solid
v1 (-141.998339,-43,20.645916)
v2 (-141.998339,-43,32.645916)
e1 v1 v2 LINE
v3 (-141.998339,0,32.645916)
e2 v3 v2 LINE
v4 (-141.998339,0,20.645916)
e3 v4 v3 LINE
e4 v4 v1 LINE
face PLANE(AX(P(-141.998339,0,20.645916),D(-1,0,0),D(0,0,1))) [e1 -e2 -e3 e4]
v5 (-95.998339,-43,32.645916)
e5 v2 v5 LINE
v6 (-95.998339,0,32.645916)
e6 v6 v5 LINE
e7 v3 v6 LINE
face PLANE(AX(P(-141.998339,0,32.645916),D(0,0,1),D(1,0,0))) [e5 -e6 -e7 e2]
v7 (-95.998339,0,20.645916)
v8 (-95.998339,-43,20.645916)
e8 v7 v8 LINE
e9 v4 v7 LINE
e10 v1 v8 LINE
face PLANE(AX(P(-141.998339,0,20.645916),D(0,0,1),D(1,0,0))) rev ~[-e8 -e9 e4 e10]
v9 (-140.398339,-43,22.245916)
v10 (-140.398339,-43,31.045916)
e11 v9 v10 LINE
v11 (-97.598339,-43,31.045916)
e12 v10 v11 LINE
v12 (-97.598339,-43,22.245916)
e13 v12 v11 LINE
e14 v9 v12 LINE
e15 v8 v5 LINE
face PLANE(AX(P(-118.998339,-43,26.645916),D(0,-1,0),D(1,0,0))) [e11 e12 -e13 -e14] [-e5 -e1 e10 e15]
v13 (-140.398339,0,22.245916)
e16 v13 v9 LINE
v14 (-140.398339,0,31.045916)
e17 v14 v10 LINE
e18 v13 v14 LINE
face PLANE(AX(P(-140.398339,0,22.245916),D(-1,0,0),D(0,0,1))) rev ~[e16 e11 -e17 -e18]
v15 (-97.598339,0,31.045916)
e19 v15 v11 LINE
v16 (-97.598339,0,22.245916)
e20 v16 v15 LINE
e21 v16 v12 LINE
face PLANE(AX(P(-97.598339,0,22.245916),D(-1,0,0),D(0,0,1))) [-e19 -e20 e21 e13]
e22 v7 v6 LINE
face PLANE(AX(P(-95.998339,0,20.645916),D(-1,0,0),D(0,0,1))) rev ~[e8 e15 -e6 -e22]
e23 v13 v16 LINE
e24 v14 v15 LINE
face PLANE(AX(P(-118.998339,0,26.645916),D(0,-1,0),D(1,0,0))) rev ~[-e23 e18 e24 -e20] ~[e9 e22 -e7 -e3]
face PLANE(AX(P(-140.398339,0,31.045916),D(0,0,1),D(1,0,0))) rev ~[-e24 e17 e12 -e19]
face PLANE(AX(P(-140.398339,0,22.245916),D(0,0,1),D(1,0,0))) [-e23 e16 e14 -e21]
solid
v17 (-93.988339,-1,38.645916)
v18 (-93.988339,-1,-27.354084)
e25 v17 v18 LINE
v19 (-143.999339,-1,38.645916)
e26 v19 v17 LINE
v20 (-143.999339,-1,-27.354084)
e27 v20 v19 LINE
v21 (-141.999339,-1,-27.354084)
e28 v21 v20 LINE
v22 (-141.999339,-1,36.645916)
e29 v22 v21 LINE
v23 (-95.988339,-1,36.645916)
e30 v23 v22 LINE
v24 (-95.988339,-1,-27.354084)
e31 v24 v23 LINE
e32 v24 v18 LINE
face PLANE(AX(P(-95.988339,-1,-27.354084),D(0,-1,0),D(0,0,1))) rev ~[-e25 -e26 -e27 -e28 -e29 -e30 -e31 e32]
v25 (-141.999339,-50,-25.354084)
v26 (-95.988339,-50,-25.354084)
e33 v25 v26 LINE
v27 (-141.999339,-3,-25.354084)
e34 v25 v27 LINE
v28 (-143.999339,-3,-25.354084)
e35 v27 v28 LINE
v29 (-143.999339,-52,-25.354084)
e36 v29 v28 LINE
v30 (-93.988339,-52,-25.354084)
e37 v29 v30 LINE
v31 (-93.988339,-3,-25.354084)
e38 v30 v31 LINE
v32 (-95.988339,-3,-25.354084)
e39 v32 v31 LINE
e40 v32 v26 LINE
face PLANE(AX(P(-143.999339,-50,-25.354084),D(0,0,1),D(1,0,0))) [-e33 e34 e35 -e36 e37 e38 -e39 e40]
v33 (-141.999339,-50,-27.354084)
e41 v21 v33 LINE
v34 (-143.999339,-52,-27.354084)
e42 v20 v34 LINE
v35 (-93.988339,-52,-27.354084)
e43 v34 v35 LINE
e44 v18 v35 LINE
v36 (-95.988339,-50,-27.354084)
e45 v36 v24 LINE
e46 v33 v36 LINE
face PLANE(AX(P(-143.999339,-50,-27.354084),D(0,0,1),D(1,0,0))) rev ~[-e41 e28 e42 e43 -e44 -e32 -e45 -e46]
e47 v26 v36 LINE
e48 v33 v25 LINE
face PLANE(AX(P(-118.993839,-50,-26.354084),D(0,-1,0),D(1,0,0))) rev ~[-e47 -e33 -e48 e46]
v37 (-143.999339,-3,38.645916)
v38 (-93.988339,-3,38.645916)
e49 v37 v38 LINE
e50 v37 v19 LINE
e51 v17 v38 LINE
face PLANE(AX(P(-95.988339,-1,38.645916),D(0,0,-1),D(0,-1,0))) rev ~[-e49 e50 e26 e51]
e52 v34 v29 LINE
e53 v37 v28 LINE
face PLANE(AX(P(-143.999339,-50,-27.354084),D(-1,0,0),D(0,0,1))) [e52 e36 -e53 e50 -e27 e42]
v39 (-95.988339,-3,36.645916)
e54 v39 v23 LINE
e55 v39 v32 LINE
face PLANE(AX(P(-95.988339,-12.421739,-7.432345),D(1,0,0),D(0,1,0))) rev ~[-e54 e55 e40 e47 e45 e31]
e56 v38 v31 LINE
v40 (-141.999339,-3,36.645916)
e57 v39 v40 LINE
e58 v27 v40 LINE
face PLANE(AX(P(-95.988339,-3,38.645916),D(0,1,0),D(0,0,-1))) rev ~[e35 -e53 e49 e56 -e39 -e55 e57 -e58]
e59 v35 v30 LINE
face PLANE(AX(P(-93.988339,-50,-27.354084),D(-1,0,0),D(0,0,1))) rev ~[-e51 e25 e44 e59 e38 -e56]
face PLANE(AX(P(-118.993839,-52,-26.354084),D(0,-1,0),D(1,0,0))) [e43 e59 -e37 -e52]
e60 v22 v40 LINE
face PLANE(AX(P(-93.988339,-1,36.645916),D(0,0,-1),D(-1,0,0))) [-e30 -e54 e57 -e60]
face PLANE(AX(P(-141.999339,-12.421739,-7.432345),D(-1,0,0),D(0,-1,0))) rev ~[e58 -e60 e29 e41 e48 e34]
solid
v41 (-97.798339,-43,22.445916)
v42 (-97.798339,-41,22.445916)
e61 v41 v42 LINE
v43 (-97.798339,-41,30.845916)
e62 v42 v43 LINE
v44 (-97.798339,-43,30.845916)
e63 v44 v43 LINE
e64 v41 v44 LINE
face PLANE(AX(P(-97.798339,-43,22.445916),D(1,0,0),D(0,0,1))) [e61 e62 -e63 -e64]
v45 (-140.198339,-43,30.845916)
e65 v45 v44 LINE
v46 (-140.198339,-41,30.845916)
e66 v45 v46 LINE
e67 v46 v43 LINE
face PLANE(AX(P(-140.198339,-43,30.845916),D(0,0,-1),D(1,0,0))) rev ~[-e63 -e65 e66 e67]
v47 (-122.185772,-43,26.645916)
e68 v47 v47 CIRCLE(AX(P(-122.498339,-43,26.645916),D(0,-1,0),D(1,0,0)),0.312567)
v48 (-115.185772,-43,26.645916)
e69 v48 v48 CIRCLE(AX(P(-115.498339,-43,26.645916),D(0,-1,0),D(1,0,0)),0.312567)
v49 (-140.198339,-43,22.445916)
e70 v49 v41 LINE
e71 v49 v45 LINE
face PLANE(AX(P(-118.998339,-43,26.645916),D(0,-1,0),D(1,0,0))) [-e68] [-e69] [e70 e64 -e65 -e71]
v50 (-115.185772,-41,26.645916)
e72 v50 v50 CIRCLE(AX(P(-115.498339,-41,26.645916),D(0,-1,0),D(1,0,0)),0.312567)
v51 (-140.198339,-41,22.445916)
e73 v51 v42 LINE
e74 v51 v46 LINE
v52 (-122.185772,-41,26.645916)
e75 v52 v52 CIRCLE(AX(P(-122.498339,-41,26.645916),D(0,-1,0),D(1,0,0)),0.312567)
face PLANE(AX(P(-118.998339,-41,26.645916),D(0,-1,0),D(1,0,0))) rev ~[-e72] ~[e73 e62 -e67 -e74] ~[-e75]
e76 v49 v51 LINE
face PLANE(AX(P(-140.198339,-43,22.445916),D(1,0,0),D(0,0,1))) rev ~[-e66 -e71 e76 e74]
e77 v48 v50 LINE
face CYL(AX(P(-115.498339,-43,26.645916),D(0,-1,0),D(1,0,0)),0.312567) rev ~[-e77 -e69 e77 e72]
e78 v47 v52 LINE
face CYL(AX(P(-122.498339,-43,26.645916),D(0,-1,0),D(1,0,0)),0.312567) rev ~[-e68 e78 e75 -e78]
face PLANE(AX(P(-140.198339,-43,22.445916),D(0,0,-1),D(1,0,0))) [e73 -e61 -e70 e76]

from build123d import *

# Parameters (mm, degrees)
F0_W      = 46
F0_H      = 12
F0_W_2    = 42.8
F0_H_2    = 8.8
F1_DEPTH  = 43
F3_W      = 42.4
F3_H      = 8.4
F3_R      = 0.3125671549
F4_DEPTH  = 2
F8_DEPTH  = 2
F10_DEPTH = 2
F11_W     = 50.011
F11_H     = 2
F12_DEPTH = 2
F13_W     = 50.011
F13_H     = 2
F14_DEPTH = 2


with BuildPart() as f1:
    # F0 (on Front) → F1 (new body)
    with BuildSketch(Plane.XZ):
        with Locations((-118.9983392358, 26.6459157018)):
            Rectangle(F0_W, F0_H)
        with Locations((-118.9983392358, 26.6459157018)):
            Rectangle(F0_W_2, F0_H_2, mode=Mode.SUBTRACT)
    extrude(amount=F1_DEPTH)


with BuildPart() as f4:
    # F3 (on face) → F4 (new body)
    with BuildSketch(Plane.XZ.offset(43)):
        with Locations((-118.9983392358, 26.6459157018)):
            Rectangle(F3_W, F3_H)
        with Locations((-122.4983392358, 26.6459157018)):
            Circle(F3_R, mode=Mode.SUBTRACT)
        with Locations((-115.4983392358, 26.6459157018)):
            Circle(F3_R, mode=Mode.SUBTRACT)
    extrude(amount=-F4_DEPTH)


with BuildPart() as f8:
    # F7 (on offset) → F8 (new body)
    with BuildSketch(Plane.YZ.offset(-95.9883392358)):
        Polygon((-1, -27.3540842982), (-1, 38.6459157018), (-3, 38.6459157018), (-3, -25.3540842982), (-50, -25.3540842982), (-50, -27.3540842982), align=None)
    extrude(amount=F8_DEPTH)



with BuildPart() as f10:
    # F9 (on offset) → F10 (new body)
    with BuildSketch(Plane(origin=(-141.9993392358, 0, 0), x_dir=(0, -1, 0), z_dir=(-1, 0, 0))):
        Polygon((3, 38.6459157018), (1, 38.6459157018), (1, -27.3540842982), (50, -27.3540842982), (50, -25.3540842982), (3, -25.3540842982), align=None)
    extrude(amount=F10_DEPTH)


with BuildPart() as f8_1:
    add(f8.part)

    add(f10.part)  # F12 merges F10
    # F11 (on face) → F12 (join)
    with BuildSketch(Plane(origin=(0, -1, 0), x_dir=(-1, 0, 0), z_dir=(0, 1, 0))):
        with Locations((118.9938392358, 37.6459157018)):
            Rectangle(F11_W, F11_H)
    extrude(amount=-F12_DEPTH)

    # F13 (on face) → F14 (join)
    with BuildSketch(Plane.XZ.offset(50)):
        with Locations((-118.9938392358, -26.3540842982)):
            Rectangle(F13_W, F13_H)
    extrude(amount=F14_DEPTH)


solid = Compound([f1.part, f4.part, f8_1.part])
